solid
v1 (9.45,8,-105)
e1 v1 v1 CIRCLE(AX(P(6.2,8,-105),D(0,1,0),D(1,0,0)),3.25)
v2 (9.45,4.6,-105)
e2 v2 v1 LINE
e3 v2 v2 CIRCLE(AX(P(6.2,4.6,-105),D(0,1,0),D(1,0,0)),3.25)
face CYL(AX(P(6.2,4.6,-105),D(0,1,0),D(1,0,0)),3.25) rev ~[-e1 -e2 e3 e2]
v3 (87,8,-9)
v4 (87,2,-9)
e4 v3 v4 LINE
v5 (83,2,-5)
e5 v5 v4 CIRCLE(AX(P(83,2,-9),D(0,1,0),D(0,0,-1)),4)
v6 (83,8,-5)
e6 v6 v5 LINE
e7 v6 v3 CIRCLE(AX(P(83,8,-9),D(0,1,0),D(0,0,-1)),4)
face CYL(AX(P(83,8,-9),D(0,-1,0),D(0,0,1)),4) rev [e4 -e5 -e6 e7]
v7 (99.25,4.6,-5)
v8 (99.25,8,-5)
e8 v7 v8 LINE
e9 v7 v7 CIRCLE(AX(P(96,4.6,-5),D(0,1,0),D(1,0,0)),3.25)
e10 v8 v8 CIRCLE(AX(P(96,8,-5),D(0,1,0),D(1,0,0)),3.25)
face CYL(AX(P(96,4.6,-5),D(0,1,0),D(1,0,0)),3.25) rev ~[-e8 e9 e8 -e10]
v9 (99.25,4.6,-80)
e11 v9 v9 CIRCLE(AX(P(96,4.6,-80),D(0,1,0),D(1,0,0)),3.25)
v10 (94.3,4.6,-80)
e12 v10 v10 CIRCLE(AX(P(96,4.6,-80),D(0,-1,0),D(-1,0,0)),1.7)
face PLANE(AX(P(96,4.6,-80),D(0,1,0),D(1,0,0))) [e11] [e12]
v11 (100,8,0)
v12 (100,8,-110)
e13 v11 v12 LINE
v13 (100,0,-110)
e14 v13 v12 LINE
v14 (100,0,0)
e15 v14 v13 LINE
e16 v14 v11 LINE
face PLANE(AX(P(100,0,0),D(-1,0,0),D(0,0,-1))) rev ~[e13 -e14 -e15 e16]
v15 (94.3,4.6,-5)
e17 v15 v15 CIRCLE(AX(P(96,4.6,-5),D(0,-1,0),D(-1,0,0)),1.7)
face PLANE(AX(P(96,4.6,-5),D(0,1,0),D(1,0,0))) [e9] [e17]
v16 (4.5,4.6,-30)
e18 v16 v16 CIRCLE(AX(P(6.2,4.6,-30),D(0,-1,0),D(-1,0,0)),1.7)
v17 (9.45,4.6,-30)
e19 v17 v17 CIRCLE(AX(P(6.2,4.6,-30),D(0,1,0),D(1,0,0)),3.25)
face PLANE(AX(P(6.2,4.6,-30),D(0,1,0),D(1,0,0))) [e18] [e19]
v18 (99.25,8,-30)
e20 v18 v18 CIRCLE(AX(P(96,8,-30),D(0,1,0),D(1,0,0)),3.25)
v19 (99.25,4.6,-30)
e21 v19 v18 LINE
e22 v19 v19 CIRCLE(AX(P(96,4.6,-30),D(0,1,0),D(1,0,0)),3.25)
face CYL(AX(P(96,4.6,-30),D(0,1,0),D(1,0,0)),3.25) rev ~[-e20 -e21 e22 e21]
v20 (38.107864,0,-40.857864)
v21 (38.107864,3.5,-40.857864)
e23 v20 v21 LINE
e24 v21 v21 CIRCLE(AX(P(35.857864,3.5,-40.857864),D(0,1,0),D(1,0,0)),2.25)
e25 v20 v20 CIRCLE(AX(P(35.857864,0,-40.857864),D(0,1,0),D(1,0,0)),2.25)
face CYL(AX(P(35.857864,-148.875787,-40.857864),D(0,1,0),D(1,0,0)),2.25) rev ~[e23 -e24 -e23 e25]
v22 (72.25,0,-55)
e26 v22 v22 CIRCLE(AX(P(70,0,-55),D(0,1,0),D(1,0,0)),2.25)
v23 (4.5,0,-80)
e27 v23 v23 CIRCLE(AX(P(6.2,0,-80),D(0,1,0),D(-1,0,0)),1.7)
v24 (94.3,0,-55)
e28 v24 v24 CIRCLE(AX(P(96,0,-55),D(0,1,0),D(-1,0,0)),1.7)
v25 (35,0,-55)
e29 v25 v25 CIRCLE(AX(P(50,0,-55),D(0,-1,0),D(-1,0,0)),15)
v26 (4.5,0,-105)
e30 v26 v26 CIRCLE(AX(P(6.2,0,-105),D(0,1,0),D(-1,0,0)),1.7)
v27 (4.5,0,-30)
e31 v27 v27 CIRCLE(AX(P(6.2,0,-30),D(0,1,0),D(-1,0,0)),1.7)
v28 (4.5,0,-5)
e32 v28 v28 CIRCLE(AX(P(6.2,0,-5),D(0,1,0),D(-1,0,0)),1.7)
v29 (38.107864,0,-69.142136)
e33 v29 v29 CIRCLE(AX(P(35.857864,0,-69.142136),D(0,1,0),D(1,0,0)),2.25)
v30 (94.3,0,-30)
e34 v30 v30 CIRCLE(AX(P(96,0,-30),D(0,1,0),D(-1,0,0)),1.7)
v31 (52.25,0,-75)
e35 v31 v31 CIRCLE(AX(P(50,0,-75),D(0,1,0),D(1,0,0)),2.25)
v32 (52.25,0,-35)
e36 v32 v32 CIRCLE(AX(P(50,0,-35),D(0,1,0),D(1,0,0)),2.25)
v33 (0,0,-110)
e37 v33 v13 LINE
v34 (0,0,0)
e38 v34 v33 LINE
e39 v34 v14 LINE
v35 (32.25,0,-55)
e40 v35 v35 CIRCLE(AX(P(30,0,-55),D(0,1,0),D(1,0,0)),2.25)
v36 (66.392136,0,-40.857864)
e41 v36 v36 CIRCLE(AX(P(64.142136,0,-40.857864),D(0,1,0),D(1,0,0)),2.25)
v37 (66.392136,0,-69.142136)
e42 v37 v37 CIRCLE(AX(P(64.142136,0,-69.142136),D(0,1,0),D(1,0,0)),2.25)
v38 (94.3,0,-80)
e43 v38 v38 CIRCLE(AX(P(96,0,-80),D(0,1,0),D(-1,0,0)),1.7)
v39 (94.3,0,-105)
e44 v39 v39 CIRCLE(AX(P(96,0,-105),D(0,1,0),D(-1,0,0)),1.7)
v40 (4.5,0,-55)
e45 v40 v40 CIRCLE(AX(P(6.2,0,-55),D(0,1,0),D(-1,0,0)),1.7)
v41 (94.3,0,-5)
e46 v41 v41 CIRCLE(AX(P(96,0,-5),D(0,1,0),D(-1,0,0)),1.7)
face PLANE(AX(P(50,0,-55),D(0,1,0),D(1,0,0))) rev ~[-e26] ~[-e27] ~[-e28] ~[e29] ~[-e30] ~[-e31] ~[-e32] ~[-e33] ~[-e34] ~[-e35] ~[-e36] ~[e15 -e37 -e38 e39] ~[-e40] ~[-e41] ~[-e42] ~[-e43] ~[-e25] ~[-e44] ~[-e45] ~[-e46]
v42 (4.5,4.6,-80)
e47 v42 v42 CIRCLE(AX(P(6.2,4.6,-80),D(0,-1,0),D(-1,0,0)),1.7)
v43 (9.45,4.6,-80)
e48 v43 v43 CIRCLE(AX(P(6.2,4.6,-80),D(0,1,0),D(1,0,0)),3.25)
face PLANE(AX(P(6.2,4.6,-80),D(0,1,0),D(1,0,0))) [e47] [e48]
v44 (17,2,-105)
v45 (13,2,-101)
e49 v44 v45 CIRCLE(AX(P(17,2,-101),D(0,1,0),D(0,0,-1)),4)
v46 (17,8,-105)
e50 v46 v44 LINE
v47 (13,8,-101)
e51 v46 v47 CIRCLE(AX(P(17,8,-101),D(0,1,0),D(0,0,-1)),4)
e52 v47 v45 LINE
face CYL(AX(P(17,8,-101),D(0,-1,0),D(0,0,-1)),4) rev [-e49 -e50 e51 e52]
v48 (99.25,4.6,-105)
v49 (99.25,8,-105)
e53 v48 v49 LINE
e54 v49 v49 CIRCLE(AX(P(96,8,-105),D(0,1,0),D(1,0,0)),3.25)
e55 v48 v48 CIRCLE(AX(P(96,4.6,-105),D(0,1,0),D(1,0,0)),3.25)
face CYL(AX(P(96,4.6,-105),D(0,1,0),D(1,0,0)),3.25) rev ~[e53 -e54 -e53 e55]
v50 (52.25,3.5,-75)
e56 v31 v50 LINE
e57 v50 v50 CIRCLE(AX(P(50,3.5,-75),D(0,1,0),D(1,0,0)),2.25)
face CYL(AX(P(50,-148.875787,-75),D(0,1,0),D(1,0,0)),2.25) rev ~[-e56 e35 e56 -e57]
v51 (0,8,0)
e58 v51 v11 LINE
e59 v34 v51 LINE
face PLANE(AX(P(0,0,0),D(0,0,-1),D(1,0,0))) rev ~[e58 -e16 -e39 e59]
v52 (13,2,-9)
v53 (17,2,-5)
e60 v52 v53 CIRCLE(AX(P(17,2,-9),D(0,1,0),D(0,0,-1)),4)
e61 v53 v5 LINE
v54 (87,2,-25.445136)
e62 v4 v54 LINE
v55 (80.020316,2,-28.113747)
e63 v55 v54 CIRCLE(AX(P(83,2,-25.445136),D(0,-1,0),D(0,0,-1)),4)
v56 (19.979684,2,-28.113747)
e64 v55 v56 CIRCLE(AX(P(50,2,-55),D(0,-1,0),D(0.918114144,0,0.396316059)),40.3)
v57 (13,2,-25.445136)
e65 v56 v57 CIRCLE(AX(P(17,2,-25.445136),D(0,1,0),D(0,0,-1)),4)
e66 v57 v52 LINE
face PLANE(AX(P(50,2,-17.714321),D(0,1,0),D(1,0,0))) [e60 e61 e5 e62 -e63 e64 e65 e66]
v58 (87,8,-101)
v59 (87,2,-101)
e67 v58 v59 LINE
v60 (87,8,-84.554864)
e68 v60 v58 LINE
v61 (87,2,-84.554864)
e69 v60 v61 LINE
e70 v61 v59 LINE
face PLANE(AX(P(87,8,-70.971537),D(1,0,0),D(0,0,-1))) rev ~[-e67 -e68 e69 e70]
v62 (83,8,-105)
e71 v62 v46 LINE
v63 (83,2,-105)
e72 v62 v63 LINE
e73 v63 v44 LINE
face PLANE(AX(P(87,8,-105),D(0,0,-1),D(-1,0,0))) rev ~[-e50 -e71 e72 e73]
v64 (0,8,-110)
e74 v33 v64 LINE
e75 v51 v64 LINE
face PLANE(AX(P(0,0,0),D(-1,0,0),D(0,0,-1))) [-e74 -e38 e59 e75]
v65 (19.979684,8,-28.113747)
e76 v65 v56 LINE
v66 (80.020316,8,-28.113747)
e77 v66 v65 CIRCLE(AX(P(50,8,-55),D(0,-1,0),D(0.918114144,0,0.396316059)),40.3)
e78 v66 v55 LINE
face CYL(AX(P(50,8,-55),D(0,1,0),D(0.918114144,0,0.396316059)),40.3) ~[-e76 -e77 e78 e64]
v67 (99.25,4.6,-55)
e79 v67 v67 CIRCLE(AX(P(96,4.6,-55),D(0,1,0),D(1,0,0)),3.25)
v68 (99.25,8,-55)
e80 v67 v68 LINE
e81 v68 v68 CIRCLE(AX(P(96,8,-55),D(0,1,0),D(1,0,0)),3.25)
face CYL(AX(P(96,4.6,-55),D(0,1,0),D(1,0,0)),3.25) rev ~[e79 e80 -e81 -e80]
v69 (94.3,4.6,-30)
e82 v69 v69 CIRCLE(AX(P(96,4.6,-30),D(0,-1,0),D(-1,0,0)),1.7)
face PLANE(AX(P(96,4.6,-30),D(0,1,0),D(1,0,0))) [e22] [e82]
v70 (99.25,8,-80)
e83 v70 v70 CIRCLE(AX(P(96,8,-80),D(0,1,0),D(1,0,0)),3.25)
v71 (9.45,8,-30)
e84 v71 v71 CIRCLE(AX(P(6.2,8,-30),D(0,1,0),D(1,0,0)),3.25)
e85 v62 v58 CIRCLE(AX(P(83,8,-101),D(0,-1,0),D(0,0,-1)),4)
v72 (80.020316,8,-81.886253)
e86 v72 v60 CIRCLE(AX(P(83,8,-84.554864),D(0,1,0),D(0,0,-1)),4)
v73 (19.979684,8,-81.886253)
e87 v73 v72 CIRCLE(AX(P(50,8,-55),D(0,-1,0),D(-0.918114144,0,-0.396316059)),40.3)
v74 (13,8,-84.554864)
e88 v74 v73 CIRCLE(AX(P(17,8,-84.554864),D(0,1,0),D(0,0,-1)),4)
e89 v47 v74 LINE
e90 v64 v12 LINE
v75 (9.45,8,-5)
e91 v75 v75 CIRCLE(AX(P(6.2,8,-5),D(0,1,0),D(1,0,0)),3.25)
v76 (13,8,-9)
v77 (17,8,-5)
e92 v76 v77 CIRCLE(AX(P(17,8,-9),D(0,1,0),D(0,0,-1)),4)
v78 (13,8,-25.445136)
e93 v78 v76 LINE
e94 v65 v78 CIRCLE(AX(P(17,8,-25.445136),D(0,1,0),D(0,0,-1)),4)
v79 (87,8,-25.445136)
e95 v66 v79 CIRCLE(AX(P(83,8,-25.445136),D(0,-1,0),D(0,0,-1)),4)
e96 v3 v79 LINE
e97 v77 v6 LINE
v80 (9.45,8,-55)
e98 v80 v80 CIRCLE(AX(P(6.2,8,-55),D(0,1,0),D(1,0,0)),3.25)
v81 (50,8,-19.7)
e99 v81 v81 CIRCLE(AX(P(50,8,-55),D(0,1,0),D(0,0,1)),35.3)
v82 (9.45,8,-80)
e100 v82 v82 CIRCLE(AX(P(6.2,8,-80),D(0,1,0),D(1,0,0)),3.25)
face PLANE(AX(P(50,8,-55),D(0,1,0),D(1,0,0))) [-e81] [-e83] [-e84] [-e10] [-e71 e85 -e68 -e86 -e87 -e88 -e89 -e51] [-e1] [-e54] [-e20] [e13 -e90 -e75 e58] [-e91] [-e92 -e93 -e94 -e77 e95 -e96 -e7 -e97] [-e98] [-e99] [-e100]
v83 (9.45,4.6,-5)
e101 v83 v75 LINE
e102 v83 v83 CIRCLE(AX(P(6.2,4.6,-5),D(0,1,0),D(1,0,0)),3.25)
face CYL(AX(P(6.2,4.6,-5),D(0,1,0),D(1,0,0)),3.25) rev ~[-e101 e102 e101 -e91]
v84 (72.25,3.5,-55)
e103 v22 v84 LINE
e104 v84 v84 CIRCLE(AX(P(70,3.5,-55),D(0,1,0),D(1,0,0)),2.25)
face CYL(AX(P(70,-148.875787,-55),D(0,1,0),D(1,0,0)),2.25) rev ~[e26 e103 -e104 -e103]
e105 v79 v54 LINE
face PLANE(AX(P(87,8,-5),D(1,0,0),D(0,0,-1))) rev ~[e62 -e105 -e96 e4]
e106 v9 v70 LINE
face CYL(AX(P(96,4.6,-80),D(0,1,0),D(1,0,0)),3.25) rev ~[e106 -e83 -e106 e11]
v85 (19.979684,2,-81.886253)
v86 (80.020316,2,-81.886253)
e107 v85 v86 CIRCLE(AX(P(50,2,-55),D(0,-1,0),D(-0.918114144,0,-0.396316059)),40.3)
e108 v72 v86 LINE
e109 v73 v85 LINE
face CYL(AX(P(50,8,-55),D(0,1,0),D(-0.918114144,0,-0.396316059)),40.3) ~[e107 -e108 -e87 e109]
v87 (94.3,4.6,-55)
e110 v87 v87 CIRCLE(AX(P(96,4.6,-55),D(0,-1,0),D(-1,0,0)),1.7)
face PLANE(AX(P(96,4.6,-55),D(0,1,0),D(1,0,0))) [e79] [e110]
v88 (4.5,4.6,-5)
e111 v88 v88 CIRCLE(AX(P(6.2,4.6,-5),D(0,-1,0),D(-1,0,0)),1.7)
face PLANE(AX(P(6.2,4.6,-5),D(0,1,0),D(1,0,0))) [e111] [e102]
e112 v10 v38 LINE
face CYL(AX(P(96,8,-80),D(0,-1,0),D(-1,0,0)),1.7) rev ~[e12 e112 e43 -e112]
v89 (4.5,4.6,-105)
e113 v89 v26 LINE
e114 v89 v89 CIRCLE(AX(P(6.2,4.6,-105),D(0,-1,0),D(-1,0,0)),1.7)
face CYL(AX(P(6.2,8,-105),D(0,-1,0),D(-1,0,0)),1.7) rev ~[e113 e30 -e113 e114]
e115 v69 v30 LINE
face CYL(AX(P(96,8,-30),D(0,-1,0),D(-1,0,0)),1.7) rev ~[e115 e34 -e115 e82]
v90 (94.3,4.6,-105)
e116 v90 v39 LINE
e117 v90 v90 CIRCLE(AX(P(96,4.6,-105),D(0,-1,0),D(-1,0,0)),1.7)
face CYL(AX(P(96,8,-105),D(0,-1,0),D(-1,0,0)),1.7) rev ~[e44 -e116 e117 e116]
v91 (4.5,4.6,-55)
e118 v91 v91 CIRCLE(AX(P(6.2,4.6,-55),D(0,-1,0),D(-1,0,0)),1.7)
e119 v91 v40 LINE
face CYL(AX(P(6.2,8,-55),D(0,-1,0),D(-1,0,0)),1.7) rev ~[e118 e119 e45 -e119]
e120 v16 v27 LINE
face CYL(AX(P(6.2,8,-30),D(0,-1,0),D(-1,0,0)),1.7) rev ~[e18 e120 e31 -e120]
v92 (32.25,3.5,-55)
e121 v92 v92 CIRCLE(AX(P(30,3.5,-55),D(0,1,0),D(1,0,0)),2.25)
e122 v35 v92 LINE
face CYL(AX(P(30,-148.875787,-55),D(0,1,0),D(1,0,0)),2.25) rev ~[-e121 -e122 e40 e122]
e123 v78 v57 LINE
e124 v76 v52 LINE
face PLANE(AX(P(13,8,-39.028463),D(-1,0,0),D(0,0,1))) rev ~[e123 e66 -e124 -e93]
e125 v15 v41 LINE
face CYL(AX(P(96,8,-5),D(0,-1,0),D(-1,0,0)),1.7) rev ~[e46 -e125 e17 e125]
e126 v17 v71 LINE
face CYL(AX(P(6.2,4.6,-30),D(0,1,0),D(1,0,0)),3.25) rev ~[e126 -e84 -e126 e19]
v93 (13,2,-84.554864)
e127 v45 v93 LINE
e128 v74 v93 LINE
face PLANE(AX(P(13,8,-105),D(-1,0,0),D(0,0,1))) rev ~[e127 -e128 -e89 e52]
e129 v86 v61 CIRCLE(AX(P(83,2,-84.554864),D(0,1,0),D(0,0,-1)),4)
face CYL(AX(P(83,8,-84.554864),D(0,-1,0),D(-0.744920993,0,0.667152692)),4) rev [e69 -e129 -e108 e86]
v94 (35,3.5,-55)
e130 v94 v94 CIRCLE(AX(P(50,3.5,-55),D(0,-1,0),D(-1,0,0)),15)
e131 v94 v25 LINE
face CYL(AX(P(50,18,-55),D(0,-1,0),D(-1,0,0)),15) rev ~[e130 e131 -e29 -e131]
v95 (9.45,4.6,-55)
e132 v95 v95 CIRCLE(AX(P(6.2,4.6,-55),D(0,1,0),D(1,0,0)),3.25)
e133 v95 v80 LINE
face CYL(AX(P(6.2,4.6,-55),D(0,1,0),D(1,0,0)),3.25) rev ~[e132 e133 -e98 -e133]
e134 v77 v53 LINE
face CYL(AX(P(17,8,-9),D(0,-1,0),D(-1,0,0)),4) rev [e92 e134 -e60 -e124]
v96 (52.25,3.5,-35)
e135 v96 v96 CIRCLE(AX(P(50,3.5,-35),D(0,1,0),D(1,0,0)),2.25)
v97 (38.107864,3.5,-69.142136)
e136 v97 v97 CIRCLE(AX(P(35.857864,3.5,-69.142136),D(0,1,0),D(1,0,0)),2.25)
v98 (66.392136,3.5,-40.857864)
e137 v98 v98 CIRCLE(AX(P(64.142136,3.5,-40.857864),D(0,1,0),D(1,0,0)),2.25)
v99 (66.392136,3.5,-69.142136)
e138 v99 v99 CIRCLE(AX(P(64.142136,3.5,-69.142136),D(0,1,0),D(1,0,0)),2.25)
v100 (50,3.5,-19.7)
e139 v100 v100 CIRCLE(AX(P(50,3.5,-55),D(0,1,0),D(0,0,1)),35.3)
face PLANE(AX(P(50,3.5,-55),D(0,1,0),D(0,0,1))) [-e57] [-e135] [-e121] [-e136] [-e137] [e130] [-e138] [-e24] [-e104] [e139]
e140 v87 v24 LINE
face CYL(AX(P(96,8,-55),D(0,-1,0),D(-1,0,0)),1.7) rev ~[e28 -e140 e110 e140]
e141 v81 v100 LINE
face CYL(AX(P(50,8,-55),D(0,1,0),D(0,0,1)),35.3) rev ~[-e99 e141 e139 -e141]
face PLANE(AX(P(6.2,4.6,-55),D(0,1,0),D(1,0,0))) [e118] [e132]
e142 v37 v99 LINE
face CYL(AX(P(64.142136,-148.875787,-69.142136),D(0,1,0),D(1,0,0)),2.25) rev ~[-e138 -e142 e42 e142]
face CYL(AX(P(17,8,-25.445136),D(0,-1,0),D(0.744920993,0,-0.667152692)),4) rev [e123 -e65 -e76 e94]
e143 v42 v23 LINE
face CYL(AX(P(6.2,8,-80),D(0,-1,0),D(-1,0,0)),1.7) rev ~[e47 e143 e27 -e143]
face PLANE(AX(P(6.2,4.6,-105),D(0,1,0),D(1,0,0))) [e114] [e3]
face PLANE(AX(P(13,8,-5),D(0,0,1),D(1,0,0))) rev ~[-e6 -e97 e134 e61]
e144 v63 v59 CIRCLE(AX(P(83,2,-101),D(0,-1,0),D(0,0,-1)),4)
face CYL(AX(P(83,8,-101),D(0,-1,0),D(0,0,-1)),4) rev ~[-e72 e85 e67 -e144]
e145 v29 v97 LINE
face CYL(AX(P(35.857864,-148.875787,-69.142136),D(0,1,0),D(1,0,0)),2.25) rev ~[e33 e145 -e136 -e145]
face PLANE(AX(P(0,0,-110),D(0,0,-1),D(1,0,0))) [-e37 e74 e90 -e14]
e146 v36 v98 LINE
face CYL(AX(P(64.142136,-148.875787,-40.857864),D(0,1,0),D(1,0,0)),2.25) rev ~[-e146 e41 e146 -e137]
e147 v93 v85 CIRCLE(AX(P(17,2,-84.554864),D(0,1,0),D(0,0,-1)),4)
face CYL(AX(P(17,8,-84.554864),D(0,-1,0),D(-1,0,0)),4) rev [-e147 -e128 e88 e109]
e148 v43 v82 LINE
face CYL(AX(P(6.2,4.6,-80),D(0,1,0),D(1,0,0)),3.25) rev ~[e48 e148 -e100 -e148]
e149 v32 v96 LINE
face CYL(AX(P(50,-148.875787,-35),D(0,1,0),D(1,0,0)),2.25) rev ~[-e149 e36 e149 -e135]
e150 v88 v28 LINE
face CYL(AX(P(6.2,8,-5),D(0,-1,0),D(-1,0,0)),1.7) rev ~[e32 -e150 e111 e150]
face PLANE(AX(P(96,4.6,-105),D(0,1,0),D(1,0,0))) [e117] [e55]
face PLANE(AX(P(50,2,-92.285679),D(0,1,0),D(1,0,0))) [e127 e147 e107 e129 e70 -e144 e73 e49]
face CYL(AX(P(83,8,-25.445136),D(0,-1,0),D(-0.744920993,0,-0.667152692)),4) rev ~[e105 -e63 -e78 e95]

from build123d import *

# Parameters (mm, degrees)
SKETCH1_W                                           = 100
SKETCH1_H                                           = 110
BOSS_EXTRUDE1_DEPTH                                 = 8
CBORE_FOR_M3_HEX_SOCKET_HEAD_CAP_SCREW1_D           = 3.4
CBORE_FOR_M3_HEX_SOCKET_HEAD_CAP_SCREW1_DEPTH       = 8
CBORE_FOR_M3_HEX_SOCKET_HEAD_CAP_SCREW1_CBORE_D     = 6.5
CBORE_FOR_M3_HEX_SOCKET_HEAD_CAP_SCREW1_CBORE_DEPTH = 3.4
CBORE_FOR_M3_HEX_SOCKET_HEAD_CAP_SCREW1_TIP         = 1.021463052
F_30_0_30_DIAMETER_HOLE1_D                          = 30
F_30_0_30_DIAMETER_HOLE1_DEPTH                      = 10
F_30_0_30_DIAMETER_HOLE1_TIP                        = 9.012909285
SKETCH7_R                                           = 35.3
CUT_EXTRUDE1_DEPTH                                  = 4.5
M4_CLEARANCE_HOLE1_D                                = 4.5
CUT_EXTRUDE2_DEPTH                                  = 6
FILLET1_R                                           = 4


with BuildPart() as part:
    # Sketch1 → Boss-Extrude1 (new body)
    with BuildSketch(Plane(origin=(0, 0, 0), x_dir=(1, 0, 0), z_dir=(0, 1, 0))):
        with Locations((50, 55)):
            Rectangle(SKETCH1_W, SKETCH1_H)
    extrude(amount=BOSS_EXTRUDE1_DEPTH)

    # CBORE for M3 Hex Socket Head Cap Screw1
    with Locations(Plane(origin=(0, 8, 0), x_dir=(1, 0, 0), z_dir=(0, 1, 0))):
        with Locations((96, 105), (6.2, 105), (6.2, 80), (6.2, 55), (6.2, 30), (6.2, 5), (96, 55), (96, 30), (96, 5), (96, 80)):
            CounterBoreHole(CBORE_FOR_M3_HEX_SOCKET_HEAD_CAP_SCREW1_D / 2, CBORE_FOR_M3_HEX_SOCKET_HEAD_CAP_SCREW1_CBORE_D / 2, CBORE_FOR_M3_HEX_SOCKET_HEAD_CAP_SCREW1_CBORE_DEPTH, depth=CBORE_FOR_M3_HEX_SOCKET_HEAD_CAP_SCREW1_DEPTH)
            with Locations((0, 0, -(CBORE_FOR_M3_HEX_SOCKET_HEAD_CAP_SCREW1_DEPTH + CBORE_FOR_M3_HEX_SOCKET_HEAD_CAP_SCREW1_TIP / 2))):  # 118° drill point
                Cone(0, CBORE_FOR_M3_HEX_SOCKET_HEAD_CAP_SCREW1_D / 2, CBORE_FOR_M3_HEX_SOCKET_HEAD_CAP_SCREW1_TIP, mode=Mode.SUBTRACT)

    # Ø30.0 (30) Diameter Hole1
    with Locations(Plane(origin=(0, 8, 0), x_dir=(1, 0, 0), z_dir=(0, 1, 0))):
        with Locations((50, 55)):
            Hole(F_30_0_30_DIAMETER_HOLE1_D / 2, depth=F_30_0_30_DIAMETER_HOLE1_DEPTH)
            with Locations((0, 0, -(F_30_0_30_DIAMETER_HOLE1_DEPTH + F_30_0_30_DIAMETER_HOLE1_TIP / 2))):  # 118° drill point
                Cone(0, F_30_0_30_DIAMETER_HOLE1_D / 2, F_30_0_30_DIAMETER_HOLE1_TIP, mode=Mode.SUBTRACT)

    # Sketch7 → Cut-Extrude1 (cut)
    with BuildSketch(Plane(origin=(0, 8, 0), x_dir=(1, 0, 0), z_dir=(0, 1, 0))):
        with Locations(Location((50, 55, 0), (0, 0, 270))):
            Circle(SKETCH7_R)
    extrude(amount=-CUT_EXTRUDE1_DEPTH, mode=Mode.SUBTRACT)

    # M4 Clearance Hole1 (through all)
    with Locations(Plane(origin=(0, 0, 0), x_dir=(-1, 0, 0), z_dir=(0, -1, 0))):
        with Locations((-64.142135624, 69.142135624), (-50, 75), (-35.857864376, 69.142135624), (-30, 55), (-35.857864376, 40.857864376), (-50, 35), (-64.142135624, 40.857864376), (-70, 55)):
            Hole(M4_CLEARANCE_HOLE1_D / 2)

    # Sketch12 → Cut-Extrude2 (cut)
    with BuildSketch(Plane(origin=(0, 8, 0), x_dir=(1, 0, 0), z_dir=(0, 1, 0))):
        with BuildLine():
            Line((87, 105), (13, 105))
            Line((13, 105), (13, 70.971537183))
            ThreePointArc((13, 70.971537183), (50, 95.3), (87, 70.971537183))
            Line((87, 70.971537183), (87, 105))
        make_face()
        with BuildLine():
            ThreePointArc((87, 39.028462817), (50, 14.7), (13, 39.028462817))
            Line((13, 39.028462817), (13, 5))
            Line((13, 5), (87, 5))
            Line((87, 5), (87, 39.028462817))
        make_face()
    extrude(amount=-CUT_EXTRUDE2_DEPTH, mode=Mode.SUBTRACT)

    # Fillet1
    fillet1_edges = [part.edges().sort_by_distance(p)[0] for p in [
        (87, 5, -70.971537183),
        (13, 5, -70.971537183),
        (13, 5, -105),
        (87, 5, -105),
        (13, 5, -39.028462817),
        (87, 5, -39.028462817),
        (87, 5, -5),
        (13, 5, -5),
    ]]
    fillet(fillet1_edges, radius=FILLET1_R)


solid = part.part
